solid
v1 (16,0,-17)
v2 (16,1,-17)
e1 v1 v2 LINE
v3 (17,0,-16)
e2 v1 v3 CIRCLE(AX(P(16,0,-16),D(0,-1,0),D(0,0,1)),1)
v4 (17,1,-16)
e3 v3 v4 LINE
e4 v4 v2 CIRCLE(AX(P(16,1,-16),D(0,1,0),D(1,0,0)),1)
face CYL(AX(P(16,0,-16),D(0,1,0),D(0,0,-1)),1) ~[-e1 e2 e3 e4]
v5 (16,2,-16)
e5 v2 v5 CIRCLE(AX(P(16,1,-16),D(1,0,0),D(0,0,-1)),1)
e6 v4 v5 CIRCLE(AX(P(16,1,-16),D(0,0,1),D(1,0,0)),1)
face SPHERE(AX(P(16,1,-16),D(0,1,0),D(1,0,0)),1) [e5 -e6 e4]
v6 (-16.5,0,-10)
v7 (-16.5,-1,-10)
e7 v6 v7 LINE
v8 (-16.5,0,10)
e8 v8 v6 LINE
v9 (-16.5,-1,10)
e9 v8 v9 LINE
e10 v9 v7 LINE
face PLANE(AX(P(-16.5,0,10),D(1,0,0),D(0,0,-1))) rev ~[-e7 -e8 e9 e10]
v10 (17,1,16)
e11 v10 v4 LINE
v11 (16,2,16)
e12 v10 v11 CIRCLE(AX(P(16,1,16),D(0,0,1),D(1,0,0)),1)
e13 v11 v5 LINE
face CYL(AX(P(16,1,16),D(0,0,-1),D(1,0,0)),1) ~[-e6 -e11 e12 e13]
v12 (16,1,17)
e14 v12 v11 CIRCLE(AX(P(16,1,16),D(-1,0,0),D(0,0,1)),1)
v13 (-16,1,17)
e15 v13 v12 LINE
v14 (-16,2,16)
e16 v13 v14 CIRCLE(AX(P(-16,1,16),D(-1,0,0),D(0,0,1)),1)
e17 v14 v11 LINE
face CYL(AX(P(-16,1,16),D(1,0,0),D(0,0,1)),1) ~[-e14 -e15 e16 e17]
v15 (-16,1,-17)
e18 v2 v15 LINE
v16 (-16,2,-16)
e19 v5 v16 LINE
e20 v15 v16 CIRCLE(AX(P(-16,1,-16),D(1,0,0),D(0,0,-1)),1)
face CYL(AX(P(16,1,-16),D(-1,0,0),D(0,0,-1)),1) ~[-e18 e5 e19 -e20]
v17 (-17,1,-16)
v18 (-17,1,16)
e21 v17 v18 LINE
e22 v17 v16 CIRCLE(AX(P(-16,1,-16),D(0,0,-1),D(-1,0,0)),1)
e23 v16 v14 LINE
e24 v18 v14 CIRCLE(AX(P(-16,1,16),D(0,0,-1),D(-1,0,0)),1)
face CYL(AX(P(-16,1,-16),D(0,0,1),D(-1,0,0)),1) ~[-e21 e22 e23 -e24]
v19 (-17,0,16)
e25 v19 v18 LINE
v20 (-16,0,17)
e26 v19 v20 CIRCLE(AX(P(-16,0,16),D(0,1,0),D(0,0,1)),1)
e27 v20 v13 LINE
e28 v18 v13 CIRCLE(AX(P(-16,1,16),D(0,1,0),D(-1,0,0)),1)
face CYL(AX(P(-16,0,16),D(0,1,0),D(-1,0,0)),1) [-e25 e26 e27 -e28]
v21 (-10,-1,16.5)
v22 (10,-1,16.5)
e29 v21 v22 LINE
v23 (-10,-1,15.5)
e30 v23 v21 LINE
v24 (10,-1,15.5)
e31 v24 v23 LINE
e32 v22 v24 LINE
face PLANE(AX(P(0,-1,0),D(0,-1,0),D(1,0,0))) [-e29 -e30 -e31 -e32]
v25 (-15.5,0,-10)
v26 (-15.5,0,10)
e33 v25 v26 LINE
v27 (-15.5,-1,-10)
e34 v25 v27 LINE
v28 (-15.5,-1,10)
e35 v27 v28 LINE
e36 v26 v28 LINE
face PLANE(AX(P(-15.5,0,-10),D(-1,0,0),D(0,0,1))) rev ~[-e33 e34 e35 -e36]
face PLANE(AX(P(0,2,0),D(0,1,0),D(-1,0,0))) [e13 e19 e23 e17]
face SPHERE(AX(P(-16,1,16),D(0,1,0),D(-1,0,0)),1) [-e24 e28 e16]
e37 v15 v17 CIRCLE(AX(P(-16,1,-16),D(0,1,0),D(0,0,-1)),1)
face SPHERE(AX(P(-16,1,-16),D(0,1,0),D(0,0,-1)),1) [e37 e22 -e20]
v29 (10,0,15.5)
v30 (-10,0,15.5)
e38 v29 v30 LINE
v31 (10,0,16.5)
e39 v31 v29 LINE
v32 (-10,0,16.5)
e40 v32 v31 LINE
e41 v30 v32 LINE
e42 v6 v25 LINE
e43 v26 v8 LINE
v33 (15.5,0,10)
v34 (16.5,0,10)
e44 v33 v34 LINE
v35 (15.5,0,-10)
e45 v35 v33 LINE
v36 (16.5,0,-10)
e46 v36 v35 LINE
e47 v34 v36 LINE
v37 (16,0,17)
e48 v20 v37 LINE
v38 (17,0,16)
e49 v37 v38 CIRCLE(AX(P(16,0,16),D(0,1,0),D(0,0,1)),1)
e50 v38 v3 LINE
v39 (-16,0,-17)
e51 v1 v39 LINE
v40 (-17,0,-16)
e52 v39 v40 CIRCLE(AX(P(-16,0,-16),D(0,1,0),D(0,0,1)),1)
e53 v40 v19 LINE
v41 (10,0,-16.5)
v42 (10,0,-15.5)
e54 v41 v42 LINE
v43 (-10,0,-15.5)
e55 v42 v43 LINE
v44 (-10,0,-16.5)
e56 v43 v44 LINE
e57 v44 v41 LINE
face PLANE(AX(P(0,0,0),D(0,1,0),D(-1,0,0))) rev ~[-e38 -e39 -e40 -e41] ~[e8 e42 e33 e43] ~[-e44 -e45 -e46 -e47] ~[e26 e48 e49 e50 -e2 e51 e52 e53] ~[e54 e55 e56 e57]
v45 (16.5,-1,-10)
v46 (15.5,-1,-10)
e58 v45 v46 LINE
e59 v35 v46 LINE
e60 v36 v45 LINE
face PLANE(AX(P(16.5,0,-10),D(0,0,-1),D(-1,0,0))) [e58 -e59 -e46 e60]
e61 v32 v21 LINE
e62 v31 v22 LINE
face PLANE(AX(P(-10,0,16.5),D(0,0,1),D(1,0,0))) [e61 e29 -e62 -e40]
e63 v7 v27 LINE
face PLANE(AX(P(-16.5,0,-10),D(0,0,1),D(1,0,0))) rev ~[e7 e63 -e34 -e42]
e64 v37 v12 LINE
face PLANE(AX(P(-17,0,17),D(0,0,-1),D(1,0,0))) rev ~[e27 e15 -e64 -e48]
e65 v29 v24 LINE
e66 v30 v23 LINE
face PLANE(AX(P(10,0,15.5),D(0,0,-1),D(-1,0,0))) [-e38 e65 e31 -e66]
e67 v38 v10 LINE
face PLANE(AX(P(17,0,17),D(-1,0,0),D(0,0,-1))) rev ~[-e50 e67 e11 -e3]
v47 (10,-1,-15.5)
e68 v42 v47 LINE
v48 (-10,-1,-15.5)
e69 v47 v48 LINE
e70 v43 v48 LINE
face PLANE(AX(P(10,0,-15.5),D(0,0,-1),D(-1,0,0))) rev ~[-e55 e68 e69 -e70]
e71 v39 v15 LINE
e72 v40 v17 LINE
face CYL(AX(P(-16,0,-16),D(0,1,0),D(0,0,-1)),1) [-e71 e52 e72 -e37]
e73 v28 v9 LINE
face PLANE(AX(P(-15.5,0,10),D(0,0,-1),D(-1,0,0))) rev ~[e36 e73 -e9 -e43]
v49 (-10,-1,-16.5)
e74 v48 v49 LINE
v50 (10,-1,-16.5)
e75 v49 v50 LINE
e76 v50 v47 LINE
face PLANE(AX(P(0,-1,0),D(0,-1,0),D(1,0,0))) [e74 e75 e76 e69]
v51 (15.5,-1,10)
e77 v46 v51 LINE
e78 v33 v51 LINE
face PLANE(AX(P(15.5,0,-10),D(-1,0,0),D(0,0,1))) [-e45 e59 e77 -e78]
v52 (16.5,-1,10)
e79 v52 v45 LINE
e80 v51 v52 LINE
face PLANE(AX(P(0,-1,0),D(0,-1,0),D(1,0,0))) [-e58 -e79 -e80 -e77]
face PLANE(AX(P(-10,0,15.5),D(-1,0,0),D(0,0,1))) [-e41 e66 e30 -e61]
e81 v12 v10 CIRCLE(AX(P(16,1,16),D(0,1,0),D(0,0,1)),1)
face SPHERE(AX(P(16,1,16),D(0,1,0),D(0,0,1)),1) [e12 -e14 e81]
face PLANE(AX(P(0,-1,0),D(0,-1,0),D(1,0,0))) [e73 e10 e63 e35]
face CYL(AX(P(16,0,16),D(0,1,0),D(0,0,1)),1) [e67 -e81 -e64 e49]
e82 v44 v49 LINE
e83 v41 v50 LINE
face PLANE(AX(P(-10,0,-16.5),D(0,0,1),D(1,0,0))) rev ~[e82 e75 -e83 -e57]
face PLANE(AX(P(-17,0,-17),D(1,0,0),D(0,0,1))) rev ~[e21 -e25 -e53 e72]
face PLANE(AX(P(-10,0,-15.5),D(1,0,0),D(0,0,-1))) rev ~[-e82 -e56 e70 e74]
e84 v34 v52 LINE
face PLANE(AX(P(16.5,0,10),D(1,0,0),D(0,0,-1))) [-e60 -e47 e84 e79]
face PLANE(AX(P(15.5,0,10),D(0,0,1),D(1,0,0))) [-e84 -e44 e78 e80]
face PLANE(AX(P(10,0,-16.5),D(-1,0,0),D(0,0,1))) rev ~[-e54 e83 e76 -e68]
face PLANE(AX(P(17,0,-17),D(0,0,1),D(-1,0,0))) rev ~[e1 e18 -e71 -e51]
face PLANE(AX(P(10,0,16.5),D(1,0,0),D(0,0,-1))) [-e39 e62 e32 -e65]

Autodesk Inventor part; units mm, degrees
ref_plane "YZ Plane" through (0, 0, 0) normal (1, 0, 0) x (0, 1, 0)
ref_plane "XZ Plane" through (0, 0, 0) normal (0, 1, 0) x (-1, 0, 0)
ref_plane "XY Plane" through (0, 0, 0) normal (0, 0, 1) x (1, 0, 0)
sketch "Sketch4" plane through (0, 0, 0) normal (0, 1, 0) x (-1, 0, 0)
  line L0 (17, 17) -> (-17, 17)
  line L1 (-17, 17) -> (-17, -17)
  line L2 (-17, -17) -> (17, -17)
  line L3 (17, -17) -> (17, 17)
  line L4 (17, 17) -> (-17, -17) construction
  line L5 (-17, 17) -> (17, -17) construction
  point P0 (0, 0)
  dimension "d52" = 34
  dimension "d53" = 34
extrude "Extrusion5" add sketch "Sketch4" along normal blind 2
sketch "Sketch6" plane through (0, 0, 0) normal (0, -1, 0) x (1, 0, 0)
  line L0 (-16.5, -10) -> (-15.5, -10)
  line L1 (-15.5, -10) -> (-15.5, 10)
  line L2 (-15.5, 10) -> (-16.5, 10)
  line L3 (-16.5, 10) -> (-16.5, -10)
  line L4 (-15.5, -10) -> (-16.5, -10)
  line L5 (-16.5, -10) -> (-16.5, 10)
  line L6 (-16.5, 10) -> (-15.5, 10)
  line L7 (-15.5, 10) -> (-15.5, -10)
  line L8 (-10, 16.5) -> (10, 16.5)
  line L9 (10, 16.5) -> (10, 15.5)
  line L10 (10, 15.5) -> (-10, 15.5)
  line L11 (-10, 15.5) -> (-10, 16.5)
  line L12 (10, 16.5) -> (-10, 16.5)
  line L13 (-10, 16.5) -> (-10, 15.5)
  line L14 (-10, 15.5) -> (10, 15.5)
  line L15 (10, 15.5) -> (10, 16.5)
  line L16 (15.5, 10) -> (16.5, 10)
  line L17 (16.5, 10) -> (16.5, -10)
  line L18 (16.5, -10) -> (15.5, -10)
  line L19 (15.5, -10) -> (15.5, 10)
  line L20 (15.5, -10) -> (16.5, -10)
  line L21 (16.5, -10) -> (16.5, 10)
  line L22 (16.5, 10) -> (15.5, 10)
  line L23 (15.5, 10) -> (15.5, -10)
  line L24 (10, -15.5) -> (-10, -15.5)
  line L25 (-10, -15.5) -> (-10, -16.5)
  line L26 (-10, -16.5) -> (10, -16.5)
  line L27 (10, -16.5) -> (10, -15.5)
  line L28 (-10, -15.5) -> (10, -15.5)
  line L29 (10, -15.5) -> (10, -16.5)
  line L30 (10, -16.5) -> (-10, -16.5)
  line L31 (-10, -16.5) -> (-10, -15.5)
  line L32 (-17, 17) -> (-17, -17)
  line L33 (17, 17) -> (-17, 17)
  line L34 (17, -17) -> (17, 17)
  line L35 (-17, -17) -> (17, -17)
  line L36 (17, 17) -> (17, -17) projected
  line L37 (-17, -17) -> (-17, 17) projected
  line L38 (-17, 17) -> (17, 17) projected
  line L39 (17, -17) -> (-17, -17) projected
  point P0 (0, 0)
  point P1 (-16, 10)
  point P2 (-16, -10)
  point P3 (16, 10)
  point P4 (16, -10)
  point P5 (-10, -16)
  point P6 (-16, -10)
  dimension "d123" = 1
  dimension "d124" = 20
  dimension "d119" = 1
  dimension "d118" = 20
  dimension "d116" = 20
  dimension "d117" = 1
  dimension "d112" = 20
  dimension "d113" = 1
  dimension "d108" = 1
  dimension "d109" = 20
  dimension "d104" = 1
  dimension "d105" = 20
  dimension "d101" = 20
  dimension "d102" = 1
  dimension "d97" = 20
  dimension "d98" = 1
  dimension "d114" = 7
  dimension "d115" = 0.5
  dimension "d111" = 0.5
  dimension "d110" = 7
  dimension "d107" = 7
  dimension "d106" = 0.5
  dimension "d103" = 0.5
  dimension "d95" = 7
  dimension "d99" = 7
  dimension "d100" = 0.5
  dimension "d96" = 0.5
  dimension "d94" = 7
  dimension "d93" = 7
  dimension "d122" = 0.5
  dimension "d120" = 7
  dimension "d121" = 0.5
  dimension "d133" = 0
  dimension "d134" = 0
  dimension "d135" = 0
  dimension "d136" = 0
extrude "Extrusion7" add sketch "Sketch6" along normal blind 1 contours L3 L2 L1 L0 | L8 L9 L10 L11 | L16 L17 L18 L19 | L27 L26 L25 L24
fillet "Fillet9" radius 1 1 edges at (17, 1, -17)
fillet "Fillet10" radius 1 1 edges at (-17, 1, -17)
fillet "Fillet11" radius 1 1 edges at (-17, 1, 17)
fillet "Fillet12" radius 1 1 edges at (17, 1, 17)
fillet "Fillet13" radius 1 8 edges at (-16.7071, 2, -16.7071) (-17, 2, 0) (-16.7071, 2, 16.7071) (0, 2, 17) (16.7071, 2, 16.7071) (17, 2, 0) (16.7071, 2, -16.7071) (0, 2, -17)
properties part number "block_main" material "PC/ABS Plastic"
